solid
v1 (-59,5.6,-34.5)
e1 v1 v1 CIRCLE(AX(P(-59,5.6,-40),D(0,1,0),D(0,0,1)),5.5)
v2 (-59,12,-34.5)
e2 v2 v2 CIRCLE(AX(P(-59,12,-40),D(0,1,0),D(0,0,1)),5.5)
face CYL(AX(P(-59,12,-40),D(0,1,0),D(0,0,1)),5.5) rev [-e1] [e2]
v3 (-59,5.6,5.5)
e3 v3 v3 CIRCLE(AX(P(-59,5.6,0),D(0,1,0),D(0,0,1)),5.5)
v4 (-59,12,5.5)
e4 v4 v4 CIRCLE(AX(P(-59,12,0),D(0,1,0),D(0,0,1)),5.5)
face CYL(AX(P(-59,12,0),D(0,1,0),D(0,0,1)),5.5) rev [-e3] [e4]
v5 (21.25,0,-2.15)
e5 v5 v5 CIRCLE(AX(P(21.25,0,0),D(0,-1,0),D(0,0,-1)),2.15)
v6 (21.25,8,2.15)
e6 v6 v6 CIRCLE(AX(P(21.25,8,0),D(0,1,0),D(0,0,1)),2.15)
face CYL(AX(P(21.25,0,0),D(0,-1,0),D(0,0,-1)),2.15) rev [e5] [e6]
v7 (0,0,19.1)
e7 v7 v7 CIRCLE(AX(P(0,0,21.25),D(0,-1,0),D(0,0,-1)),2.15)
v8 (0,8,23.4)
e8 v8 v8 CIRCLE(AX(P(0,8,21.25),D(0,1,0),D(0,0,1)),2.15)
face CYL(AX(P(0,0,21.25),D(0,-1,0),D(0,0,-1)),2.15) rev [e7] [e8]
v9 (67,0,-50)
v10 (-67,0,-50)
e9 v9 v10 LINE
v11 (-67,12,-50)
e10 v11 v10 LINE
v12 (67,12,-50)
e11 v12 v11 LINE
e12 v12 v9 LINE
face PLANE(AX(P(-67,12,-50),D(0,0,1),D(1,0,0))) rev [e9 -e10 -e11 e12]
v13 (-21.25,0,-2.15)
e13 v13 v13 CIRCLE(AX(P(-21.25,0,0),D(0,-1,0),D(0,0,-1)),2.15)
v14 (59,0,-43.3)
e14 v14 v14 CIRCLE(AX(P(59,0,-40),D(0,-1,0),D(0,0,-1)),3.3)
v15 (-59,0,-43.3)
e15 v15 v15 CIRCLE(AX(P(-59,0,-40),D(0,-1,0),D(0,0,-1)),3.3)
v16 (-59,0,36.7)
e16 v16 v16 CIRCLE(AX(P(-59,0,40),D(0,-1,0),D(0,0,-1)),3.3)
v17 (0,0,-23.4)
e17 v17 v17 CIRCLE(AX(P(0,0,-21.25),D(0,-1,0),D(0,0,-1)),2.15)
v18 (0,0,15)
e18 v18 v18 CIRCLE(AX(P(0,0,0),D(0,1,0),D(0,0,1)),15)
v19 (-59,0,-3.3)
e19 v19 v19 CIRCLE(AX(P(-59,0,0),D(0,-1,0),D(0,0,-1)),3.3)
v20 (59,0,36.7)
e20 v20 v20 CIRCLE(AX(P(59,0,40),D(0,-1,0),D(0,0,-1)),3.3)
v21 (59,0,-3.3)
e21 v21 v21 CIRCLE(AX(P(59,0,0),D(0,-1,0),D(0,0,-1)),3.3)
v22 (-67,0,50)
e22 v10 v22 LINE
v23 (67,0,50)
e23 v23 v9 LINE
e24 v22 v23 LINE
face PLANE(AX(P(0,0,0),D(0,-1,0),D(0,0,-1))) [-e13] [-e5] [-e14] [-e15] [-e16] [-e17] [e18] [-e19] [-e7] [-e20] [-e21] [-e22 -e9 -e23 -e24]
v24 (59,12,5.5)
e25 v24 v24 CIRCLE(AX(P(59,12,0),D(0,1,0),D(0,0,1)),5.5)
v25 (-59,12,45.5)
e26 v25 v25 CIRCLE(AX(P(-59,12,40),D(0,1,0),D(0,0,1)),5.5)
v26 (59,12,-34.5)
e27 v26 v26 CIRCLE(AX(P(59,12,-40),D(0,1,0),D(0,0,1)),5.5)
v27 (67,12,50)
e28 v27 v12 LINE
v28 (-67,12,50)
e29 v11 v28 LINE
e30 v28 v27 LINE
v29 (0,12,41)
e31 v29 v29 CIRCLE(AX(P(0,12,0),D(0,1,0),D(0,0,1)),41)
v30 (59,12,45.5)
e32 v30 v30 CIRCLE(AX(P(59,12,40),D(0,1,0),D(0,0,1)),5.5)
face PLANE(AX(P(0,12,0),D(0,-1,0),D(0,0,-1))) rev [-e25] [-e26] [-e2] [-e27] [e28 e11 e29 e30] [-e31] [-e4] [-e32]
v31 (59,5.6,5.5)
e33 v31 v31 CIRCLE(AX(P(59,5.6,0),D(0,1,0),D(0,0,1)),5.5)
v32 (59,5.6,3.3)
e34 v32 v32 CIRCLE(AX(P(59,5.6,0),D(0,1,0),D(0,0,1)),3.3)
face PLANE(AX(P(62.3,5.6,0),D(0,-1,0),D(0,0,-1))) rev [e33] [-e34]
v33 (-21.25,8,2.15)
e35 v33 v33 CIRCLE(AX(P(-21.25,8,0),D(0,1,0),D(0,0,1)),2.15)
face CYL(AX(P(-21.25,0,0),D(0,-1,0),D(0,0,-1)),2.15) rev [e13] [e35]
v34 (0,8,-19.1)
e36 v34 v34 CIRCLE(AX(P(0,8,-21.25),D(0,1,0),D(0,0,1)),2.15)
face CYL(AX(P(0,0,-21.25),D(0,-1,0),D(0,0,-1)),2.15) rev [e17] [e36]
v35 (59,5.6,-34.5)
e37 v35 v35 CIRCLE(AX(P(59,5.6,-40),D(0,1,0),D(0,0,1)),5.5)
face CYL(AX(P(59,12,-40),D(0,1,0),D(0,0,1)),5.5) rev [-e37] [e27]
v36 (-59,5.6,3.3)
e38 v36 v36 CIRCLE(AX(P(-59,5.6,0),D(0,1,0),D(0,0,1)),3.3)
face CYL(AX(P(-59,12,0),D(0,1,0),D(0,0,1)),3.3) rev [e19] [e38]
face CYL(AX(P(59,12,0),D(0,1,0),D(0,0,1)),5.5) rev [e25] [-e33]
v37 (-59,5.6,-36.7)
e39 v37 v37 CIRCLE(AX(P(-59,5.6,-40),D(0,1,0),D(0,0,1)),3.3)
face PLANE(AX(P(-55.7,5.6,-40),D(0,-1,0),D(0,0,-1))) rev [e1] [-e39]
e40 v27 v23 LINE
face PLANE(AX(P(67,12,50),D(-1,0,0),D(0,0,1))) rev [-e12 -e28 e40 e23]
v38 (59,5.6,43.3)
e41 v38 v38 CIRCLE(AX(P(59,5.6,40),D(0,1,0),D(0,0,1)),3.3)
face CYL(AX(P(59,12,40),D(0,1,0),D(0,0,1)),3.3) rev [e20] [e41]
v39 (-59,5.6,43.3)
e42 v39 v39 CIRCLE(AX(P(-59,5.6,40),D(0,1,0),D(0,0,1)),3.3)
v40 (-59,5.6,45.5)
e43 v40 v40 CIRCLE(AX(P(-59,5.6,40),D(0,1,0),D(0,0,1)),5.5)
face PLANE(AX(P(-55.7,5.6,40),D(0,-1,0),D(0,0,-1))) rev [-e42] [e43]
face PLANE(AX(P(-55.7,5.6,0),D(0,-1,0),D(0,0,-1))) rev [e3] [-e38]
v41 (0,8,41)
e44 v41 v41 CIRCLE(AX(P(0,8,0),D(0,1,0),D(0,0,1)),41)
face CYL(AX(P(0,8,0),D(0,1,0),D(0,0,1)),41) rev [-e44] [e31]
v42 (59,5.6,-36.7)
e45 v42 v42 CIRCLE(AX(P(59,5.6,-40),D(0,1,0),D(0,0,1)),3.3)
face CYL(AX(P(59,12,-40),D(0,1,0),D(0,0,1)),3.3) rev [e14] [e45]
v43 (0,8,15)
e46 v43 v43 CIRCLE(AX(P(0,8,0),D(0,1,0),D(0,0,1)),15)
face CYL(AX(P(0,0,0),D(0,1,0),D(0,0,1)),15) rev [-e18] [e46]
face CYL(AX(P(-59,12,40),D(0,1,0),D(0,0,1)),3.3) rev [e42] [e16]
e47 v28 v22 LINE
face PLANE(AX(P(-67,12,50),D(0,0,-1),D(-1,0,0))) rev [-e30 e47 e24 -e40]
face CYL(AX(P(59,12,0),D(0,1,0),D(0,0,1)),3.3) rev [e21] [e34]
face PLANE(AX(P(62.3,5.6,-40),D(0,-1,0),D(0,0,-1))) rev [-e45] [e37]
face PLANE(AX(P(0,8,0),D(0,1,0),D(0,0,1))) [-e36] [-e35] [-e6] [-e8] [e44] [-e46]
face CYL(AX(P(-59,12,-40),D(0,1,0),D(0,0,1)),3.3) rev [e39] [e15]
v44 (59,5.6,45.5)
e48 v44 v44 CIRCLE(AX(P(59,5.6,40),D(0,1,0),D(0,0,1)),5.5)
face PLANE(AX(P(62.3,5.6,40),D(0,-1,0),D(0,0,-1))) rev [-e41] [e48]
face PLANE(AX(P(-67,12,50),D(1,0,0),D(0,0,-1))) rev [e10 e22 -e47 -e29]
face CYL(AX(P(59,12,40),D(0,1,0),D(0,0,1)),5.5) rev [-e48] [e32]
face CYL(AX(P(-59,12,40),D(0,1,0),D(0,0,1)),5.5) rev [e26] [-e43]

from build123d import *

# Parameters (mm, degrees)
SKETCH1_W                                           = 134
SKETCH1_H                                           = 100
BOSS_EXTRUDE1_DEPTH                                 = 12
SKETCH2_R                                           = 41
CUT_EXTRUDE1_DEPTH                                  = 4
SKETCH3_R                                           = 15
CUT_EXTRUDE2_DEPTH                                  = 84.982140959
M4_CLEARANCE_HOLE1_D                                = 4.3
M4_CLEARANCE_HOLE1_DEPTH                            = 15
M4_CLEARANCE_HOLE1_TIP                              = 1.291850331
CBORE_FOR_M6_HEX_SOCKET_HEAD_CAP_SCREW1_D           = 6.6
CBORE_FOR_M6_HEX_SOCKET_HEAD_CAP_SCREW1_DEPTH       = 15
CBORE_FOR_M6_HEX_SOCKET_HEAD_CAP_SCREW1_CBORE_D     = 11
CBORE_FOR_M6_HEX_SOCKET_HEAD_CAP_SCREW1_CBORE_DEPTH = 6.4
CBORE_FOR_M6_HEX_SOCKET_HEAD_CAP_SCREW1_TIP         = 1.982840043


with BuildPart() as part:
    # Sketch1 → Boss-Extrude1 (new body)
    with BuildSketch(Plane(origin=(0, 0, 0), x_dir=(1, 0, 0), z_dir=(0, 1, 0))):
        Rectangle(SKETCH1_W, SKETCH1_H)
    extrude(amount=BOSS_EXTRUDE1_DEPTH)

    # Sketch2 → Cut-Extrude1 (cut)
    with BuildSketch(Plane(origin=(0, 12, 0), x_dir=(1, 0, 0), z_dir=(0, 1, 0))):
        with Locations(Location((0, 0, 0), (0, 0, 270))):
            Circle(SKETCH2_R)
    extrude(amount=-CUT_EXTRUDE1_DEPTH, mode=Mode.SUBTRACT)

    # Sketch3 → Cut-Extrude2 (cut, through all)
    with BuildSketch(Plane(origin=(0, 8, 0), x_dir=(1, 0, 0), z_dir=(0, 1, 0))):
        with Locations(Location((0, 0, 0), (0, 0, 270))):
            Circle(SKETCH3_R)
    extrude(amount=-CUT_EXTRUDE2_DEPTH, mode=Mode.SUBTRACT)

    # M4 Clearance Hole1
    with Locations(Plane(origin=(0, 0, 0), x_dir=(-1, 0, 0), z_dir=(0, -1, 0))):
        with Locations((-21.25, 0), (0, 21.25), (21.25, 0), (0, -21.25)):
            Hole(M4_CLEARANCE_HOLE1_D / 2, depth=M4_CLEARANCE_HOLE1_DEPTH)
            with Locations((0, 0, -(M4_CLEARANCE_HOLE1_DEPTH + M4_CLEARANCE_HOLE1_TIP / 2))):  # 118° drill point
                Cone(0, M4_CLEARANCE_HOLE1_D / 2, M4_CLEARANCE_HOLE1_TIP, mode=Mode.SUBTRACT)

    # CBORE for M6 Hex Socket Head Cap Screw1
    with Locations(Plane(origin=(0, 12, 0), x_dir=(1, 0, 0), z_dir=(0, 1, 0))):
        with Locations((59, 40), (-59, 40), (-59, 0), (-59, -40), (59, 0), (59, -40)):
            CounterBoreHole(CBORE_FOR_M6_HEX_SOCKET_HEAD_CAP_SCREW1_D / 2, CBORE_FOR_M6_HEX_SOCKET_HEAD_CAP_SCREW1_CBORE_D / 2, CBORE_FOR_M6_HEX_SOCKET_HEAD_CAP_SCREW1_CBORE_DEPTH, depth=CBORE_FOR_M6_HEX_SOCKET_HEAD_CAP_SCREW1_DEPTH)
            with Locations((0, 0, -(CBORE_FOR_M6_HEX_SOCKET_HEAD_CAP_SCREW1_DEPTH + CBORE_FOR_M6_HEX_SOCKET_HEAD_CAP_SCREW1_TIP / 2))):  # 118° drill point
                Cone(0, CBORE_FOR_M6_HEX_SOCKET_HEAD_CAP_SCREW1_D / 2, CBORE_FOR_M6_HEX_SOCKET_HEAD_CAP_SCREW1_TIP, mode=Mode.SUBTRACT)


solid = part.part
